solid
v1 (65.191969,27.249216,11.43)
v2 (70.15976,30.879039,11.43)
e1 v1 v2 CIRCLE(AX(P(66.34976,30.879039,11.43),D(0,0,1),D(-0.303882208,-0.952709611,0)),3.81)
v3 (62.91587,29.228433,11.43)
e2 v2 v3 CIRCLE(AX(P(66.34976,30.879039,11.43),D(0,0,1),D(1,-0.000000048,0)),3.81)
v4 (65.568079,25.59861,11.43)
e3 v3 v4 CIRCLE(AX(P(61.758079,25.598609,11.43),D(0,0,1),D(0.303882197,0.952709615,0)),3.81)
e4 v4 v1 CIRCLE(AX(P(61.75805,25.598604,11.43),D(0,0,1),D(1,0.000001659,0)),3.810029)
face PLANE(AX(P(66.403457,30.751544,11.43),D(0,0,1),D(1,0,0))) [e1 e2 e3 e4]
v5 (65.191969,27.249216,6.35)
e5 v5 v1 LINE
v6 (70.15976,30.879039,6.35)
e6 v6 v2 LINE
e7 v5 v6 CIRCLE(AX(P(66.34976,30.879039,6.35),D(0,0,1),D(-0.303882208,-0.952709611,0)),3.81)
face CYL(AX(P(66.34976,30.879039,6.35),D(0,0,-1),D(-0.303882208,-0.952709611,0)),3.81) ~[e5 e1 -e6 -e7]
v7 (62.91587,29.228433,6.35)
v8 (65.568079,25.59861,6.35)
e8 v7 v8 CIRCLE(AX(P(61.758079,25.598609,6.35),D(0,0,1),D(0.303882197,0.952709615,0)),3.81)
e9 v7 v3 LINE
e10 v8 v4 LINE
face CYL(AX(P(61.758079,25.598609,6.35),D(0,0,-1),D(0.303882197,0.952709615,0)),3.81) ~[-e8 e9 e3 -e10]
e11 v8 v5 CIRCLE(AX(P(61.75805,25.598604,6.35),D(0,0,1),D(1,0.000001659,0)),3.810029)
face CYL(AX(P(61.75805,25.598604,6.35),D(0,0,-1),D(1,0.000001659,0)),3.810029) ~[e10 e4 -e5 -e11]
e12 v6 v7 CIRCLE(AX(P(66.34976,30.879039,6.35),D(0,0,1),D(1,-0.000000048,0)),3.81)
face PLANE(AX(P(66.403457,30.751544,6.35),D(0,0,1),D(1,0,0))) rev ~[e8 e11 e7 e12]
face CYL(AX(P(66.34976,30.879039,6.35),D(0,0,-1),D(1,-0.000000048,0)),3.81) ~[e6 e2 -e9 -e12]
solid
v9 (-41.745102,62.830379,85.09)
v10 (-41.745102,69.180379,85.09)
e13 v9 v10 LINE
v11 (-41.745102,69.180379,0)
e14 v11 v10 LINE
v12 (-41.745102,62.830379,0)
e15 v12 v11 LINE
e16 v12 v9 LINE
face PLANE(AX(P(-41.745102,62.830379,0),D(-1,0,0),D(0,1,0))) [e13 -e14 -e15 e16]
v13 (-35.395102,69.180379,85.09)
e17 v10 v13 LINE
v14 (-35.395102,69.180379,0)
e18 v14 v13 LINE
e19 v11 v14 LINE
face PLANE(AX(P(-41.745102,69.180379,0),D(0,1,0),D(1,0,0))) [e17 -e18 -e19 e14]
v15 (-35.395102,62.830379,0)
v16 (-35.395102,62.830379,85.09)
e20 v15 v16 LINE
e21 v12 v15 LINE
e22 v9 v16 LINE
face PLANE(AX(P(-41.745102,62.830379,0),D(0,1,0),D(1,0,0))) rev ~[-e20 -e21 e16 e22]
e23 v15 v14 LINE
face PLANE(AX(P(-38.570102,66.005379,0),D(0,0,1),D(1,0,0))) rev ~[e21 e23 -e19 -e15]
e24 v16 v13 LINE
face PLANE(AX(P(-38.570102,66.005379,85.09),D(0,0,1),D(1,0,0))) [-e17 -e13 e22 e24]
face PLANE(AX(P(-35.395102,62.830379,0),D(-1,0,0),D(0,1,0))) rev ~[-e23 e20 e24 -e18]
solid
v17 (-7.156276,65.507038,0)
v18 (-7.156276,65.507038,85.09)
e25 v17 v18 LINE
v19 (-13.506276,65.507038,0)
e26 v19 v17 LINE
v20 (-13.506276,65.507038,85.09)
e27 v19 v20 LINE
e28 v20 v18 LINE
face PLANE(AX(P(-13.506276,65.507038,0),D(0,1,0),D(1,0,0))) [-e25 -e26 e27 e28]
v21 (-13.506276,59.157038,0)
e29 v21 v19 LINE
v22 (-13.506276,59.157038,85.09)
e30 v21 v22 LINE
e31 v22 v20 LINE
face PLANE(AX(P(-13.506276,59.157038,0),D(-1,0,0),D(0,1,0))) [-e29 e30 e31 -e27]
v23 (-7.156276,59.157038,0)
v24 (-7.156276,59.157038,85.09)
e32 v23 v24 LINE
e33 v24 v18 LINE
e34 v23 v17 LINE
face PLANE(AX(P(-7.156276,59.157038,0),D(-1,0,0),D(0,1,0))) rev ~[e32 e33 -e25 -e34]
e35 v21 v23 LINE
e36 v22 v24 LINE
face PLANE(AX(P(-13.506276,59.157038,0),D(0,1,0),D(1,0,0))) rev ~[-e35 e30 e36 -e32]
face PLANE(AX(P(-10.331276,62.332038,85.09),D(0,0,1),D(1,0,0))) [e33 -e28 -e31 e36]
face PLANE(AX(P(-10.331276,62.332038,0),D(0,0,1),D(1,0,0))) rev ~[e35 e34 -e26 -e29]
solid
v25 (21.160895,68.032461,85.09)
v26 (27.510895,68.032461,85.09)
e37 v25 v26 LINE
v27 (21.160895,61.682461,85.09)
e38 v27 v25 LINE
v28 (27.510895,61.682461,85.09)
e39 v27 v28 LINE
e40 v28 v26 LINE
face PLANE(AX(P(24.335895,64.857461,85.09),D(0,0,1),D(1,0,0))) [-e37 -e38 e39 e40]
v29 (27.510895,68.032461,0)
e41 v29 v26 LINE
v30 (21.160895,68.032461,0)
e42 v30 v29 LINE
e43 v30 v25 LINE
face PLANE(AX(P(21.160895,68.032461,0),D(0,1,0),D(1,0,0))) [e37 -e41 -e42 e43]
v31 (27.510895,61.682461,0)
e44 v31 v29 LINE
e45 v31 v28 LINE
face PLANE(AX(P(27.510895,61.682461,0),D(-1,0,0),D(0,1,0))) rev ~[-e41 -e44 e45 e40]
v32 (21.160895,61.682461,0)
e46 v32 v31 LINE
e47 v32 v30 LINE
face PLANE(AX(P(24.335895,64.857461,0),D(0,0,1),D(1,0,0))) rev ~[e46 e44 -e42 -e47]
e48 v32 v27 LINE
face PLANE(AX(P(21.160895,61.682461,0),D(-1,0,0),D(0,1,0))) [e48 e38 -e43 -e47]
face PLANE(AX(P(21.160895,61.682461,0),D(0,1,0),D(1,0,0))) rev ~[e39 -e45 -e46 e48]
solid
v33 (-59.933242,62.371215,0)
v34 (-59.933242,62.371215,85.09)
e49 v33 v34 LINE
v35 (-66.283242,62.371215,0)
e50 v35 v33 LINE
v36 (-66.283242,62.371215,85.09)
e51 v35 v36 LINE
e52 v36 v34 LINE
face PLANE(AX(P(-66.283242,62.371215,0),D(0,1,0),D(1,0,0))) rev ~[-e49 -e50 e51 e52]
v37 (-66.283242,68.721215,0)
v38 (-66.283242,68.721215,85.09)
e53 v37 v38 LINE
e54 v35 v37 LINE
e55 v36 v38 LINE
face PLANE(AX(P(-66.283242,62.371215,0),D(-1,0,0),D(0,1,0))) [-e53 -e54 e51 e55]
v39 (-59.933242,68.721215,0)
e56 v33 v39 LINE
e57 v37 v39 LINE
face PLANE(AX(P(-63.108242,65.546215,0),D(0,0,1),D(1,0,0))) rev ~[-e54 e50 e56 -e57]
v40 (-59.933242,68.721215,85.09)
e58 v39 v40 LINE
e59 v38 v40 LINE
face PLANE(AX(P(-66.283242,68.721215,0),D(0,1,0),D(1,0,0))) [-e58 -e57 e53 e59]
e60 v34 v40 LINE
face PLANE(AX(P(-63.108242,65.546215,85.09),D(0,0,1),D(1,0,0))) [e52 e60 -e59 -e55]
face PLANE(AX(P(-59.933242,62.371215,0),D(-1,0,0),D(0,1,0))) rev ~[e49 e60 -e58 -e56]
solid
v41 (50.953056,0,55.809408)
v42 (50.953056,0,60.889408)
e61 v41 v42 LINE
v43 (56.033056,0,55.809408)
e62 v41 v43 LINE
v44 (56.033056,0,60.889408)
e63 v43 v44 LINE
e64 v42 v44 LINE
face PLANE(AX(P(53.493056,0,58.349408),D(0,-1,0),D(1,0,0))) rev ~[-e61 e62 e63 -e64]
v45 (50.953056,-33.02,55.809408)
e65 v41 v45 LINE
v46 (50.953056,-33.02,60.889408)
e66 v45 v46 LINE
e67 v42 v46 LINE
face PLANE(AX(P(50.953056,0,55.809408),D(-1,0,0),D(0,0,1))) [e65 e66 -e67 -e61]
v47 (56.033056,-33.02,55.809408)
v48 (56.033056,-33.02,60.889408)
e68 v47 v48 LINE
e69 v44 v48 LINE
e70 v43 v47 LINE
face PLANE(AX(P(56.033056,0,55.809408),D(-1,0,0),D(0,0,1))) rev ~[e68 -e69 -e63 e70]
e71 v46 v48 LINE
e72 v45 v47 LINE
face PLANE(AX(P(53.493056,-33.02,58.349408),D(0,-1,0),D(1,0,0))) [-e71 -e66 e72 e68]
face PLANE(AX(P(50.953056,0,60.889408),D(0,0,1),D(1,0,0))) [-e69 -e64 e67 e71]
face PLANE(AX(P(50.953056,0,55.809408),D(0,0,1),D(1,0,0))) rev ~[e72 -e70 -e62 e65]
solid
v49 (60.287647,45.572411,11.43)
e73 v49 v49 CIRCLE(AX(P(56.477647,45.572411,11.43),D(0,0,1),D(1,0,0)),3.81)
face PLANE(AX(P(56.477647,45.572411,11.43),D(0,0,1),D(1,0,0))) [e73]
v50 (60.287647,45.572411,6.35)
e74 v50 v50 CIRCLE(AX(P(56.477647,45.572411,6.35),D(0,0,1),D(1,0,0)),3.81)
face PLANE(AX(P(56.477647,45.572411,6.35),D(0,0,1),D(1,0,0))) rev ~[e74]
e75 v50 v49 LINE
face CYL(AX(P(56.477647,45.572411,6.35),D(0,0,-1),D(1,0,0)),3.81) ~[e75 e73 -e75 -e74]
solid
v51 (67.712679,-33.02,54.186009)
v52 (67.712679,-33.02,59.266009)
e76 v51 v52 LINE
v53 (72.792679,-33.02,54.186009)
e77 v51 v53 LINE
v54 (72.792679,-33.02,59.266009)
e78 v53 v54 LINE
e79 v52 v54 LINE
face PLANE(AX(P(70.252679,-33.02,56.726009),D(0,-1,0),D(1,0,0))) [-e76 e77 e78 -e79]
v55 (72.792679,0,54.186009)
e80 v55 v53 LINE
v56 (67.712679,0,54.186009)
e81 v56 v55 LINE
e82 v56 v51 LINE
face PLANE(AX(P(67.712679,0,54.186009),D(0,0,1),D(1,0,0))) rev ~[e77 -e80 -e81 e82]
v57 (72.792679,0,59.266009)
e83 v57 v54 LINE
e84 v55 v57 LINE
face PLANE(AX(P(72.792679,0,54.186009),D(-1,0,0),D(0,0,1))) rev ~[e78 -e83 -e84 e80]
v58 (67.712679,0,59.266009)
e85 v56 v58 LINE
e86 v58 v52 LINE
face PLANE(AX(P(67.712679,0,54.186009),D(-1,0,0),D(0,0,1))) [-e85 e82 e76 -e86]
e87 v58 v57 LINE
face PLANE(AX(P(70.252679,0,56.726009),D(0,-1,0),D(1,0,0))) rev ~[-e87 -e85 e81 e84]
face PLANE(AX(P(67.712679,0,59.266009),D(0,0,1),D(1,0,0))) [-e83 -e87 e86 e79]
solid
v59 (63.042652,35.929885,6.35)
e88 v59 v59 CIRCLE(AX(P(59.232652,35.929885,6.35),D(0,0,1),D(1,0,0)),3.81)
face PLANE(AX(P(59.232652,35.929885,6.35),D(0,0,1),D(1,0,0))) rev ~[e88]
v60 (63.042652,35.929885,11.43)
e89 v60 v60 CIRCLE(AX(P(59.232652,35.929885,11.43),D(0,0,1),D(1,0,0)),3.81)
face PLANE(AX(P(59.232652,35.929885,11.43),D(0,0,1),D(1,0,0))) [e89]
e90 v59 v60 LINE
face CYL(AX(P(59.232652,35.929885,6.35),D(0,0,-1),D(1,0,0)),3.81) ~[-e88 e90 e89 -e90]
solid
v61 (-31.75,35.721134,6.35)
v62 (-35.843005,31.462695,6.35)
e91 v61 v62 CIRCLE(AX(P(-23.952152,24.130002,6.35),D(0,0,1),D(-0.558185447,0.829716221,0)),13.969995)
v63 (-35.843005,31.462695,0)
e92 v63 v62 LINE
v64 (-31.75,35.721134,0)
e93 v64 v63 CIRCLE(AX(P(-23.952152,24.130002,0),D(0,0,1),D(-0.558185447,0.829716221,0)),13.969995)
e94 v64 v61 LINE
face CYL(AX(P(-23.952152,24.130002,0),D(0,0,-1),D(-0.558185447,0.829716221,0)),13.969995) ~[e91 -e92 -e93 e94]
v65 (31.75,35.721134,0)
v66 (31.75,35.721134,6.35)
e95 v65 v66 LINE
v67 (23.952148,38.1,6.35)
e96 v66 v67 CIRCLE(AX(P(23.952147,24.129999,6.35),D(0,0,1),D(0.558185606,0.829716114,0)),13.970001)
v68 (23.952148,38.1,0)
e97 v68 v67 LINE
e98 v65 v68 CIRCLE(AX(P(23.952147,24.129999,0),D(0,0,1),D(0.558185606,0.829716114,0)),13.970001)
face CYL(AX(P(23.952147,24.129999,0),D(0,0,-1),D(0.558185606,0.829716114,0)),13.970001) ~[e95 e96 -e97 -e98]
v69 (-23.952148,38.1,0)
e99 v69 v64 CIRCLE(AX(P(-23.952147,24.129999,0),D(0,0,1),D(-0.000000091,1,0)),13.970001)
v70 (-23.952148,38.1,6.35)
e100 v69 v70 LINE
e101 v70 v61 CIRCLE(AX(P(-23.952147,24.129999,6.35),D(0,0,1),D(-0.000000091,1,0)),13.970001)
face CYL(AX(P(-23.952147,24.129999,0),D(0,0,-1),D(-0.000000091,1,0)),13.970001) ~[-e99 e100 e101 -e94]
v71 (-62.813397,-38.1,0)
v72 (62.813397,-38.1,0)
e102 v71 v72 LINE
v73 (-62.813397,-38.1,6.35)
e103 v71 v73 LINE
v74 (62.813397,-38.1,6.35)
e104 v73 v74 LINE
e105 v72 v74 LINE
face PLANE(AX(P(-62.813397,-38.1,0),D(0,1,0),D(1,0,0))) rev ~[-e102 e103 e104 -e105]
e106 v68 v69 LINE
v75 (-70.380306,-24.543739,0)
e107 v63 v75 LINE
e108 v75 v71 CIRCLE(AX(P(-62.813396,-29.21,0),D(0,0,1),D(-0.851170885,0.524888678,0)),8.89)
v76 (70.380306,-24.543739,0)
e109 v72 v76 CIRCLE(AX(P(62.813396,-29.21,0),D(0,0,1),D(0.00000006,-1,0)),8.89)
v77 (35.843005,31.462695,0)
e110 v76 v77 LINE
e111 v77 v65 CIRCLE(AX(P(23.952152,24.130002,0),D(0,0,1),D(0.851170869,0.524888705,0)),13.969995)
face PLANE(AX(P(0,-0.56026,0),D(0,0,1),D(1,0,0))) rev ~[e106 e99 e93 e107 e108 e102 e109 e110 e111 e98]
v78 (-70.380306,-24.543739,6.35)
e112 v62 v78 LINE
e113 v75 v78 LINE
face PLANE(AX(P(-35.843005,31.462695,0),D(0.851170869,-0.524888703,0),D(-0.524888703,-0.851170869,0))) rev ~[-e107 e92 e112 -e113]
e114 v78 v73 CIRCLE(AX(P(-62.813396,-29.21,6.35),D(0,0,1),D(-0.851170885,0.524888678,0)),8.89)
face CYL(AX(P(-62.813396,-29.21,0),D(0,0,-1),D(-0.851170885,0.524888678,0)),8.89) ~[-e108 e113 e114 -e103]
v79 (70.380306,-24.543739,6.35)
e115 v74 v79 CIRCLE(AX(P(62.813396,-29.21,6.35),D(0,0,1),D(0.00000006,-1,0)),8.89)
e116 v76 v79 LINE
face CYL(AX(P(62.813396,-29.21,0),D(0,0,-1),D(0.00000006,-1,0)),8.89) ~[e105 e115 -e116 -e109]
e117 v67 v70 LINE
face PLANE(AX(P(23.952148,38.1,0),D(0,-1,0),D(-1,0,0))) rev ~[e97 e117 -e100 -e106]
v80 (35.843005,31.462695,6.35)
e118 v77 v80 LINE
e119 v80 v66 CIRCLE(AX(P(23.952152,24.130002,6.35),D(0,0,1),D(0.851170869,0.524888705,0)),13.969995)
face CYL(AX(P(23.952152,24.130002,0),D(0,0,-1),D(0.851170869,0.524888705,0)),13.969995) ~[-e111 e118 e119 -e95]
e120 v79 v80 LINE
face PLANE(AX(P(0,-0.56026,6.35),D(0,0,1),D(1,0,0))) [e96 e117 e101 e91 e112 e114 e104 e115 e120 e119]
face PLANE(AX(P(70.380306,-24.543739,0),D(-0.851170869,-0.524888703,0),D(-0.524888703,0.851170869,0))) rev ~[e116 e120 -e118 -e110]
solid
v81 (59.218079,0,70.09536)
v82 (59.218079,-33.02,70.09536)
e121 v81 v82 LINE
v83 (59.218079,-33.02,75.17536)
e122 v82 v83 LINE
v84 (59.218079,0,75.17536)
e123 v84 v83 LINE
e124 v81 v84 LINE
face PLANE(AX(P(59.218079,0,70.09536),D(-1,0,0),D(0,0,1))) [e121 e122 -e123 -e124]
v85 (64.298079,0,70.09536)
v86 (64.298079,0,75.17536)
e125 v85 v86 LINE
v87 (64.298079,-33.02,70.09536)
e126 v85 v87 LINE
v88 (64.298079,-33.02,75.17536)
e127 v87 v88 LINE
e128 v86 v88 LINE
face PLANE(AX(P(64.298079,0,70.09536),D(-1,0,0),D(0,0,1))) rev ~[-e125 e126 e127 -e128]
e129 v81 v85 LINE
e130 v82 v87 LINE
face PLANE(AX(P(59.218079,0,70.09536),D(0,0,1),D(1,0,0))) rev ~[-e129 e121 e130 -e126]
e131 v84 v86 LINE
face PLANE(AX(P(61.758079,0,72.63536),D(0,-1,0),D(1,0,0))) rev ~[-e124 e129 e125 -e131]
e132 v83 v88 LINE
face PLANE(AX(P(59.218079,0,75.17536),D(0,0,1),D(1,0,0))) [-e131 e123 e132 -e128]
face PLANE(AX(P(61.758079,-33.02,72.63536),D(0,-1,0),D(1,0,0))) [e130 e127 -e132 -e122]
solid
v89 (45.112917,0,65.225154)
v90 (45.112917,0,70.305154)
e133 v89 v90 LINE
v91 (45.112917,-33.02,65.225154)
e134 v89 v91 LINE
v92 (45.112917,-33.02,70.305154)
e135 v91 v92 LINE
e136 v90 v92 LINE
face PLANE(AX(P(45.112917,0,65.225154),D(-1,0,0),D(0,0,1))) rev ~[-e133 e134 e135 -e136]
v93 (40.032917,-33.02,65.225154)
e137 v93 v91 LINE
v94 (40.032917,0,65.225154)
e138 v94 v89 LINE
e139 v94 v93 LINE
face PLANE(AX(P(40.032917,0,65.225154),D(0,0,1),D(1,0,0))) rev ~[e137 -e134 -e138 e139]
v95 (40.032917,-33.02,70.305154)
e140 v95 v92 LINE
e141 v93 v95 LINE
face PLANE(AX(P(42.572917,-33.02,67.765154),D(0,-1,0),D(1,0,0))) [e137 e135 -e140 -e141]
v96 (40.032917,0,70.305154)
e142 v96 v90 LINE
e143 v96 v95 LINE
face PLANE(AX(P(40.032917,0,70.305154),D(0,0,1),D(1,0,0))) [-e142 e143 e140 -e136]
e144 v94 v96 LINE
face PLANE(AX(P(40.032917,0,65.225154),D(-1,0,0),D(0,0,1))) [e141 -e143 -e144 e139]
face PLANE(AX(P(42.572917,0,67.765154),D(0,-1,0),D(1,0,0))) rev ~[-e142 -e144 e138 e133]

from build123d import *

# Parameters (mm, degrees)
F1_DEPTH = 6.35
F2_W     = 6.35
F2_H     = 6.35
F3_DEPTH = 85.09
F5_R     = 3.81
F6_DEPTH = 5.08
F4_W     = 5.08
F4_H     = 5.08
F7_DEPTH = 33.02


with BuildPart() as f1:
    # F0 (on Top) → F1 (new body)
    with BuildSketch(Plane.XY):
        with BuildLine():
            Line((23.952148, 38.1), (-23.952148, 38.1))
            ThreePointArc((-23.952148, 38.1), (-28.028467, 37.492055), (-31.75, 35.721134))
            Line((-31.75, 35.721134), (-31.75, -38.1))
            Line((-31.75, -38.1), (31.75, -38.1))
            Line((31.75, -38.1), (31.75, 35.721134))
            ThreePointArc((31.75, 35.721134), (28.028467, 37.492055), (23.952148, 38.1))
        make_face()
        with BuildLine():
            Line((-31.75, -38.1), (-31.75, 35.721134))
            ThreePointArc((-31.75, 35.721134), (-34.024133, 33.810703), (-35.843005, 31.462695))
            Line((-35.843005, 31.462695), (-70.380306, -24.543739))
            ThreePointArc((-70.380306, -24.543739), (-70.575972, -33.542958), (-62.813397, -38.1))
            Line((-62.813397, -38.1), (-31.75, -38.1))
        make_face()
        with BuildLine():
            ThreePointArc((35.843005, 31.462695), (34.024133, 33.810703), (31.75, 35.721134))
            Line((31.75, 35.721134), (31.75, -38.1))
            Line((31.75, -38.1), (62.813397, -38.1))
            ThreePointArc((62.813397, -38.1), (70.575972, -33.542958), (70.380306, -24.543739))
            Line((70.380306, -24.543739), (35.843005, 31.462695))
        make_face()
    extrude(amount=F1_DEPTH)


with BuildPart() as f3:
    # F2 (on Top) → F3 (new body)
    with BuildSketch(Plane.XY):
        with Locations((-10.331276, 62.332038)):
            Rectangle(F2_W, F2_H)
        with Locations((24.335895, 64.857461)):
            Rectangle(F2_W, F2_H)
        with Locations((-63.108242, 65.546215)):
            Rectangle(F2_W, F2_H)
        with Locations((-38.570102, 66.005379)):
            Rectangle(F2_W, F2_H)
    extrude(amount=F3_DEPTH)


with BuildPart() as f6:
    # F5 (on face) → F6 (new body)
    with BuildSketch(Plane.XY.offset(6.35)):
        with Locations((56.477647, 45.572411)):
            Circle(F5_R)
        with Locations((59.232652, 35.929885)):
            Circle(F5_R)
        with BuildLine():
            ThreePointArc((65.191969, 27.249216), (68.597527, 27.802736), (70.15976, 30.879039))
            ThreePointArc((70.15976, 30.879039), (65.503303, 34.593822), (62.91587, 29.228433))
            ThreePointArc((62.91587, 29.228433), (64.258121, 28.473656), (65.191969, 27.249216))
        make_face()
        with BuildLine():
            ThreePointArc((65.191969, 27.249216), (63.849718, 28.003993), (62.91587, 29.228433))
            ThreePointArc((62.91587, 29.228433), (58.681775, 23.350842), (65.568079, 25.59861))
            ThreePointArc((65.568079, 25.59861), (65.472861, 26.445067), (65.191969, 27.249216))
        make_face()
        with BuildLine():
            ThreePointArc((65.191969, 27.249216), (64.258121, 28.473656), (62.91587, 29.228433))
            ThreePointArc((62.91587, 29.228433), (63.849718, 28.003993), (65.191969, 27.249216))
        make_face()
    extrude(amount=F6_DEPTH)


with BuildPart() as f7:
    # F4 (on Front) → F7 (new body)
    with BuildSketch(Plane.XZ):
        with Locations((42.572917, 67.765154)):
            Rectangle(F4_W, F4_H)
        with Locations((53.493056, 58.349408)):
            Rectangle(F4_W, F4_H)
        with Locations((70.252679, 56.726009)):
            Rectangle(F4_W, F4_H)
        with Locations((61.758079, 72.63536)):
            Rectangle(F4_W, F4_H)
    extrude(amount=F7_DEPTH)


solid = Compound([f1.part, f3.part, f6.part, f7.part])
